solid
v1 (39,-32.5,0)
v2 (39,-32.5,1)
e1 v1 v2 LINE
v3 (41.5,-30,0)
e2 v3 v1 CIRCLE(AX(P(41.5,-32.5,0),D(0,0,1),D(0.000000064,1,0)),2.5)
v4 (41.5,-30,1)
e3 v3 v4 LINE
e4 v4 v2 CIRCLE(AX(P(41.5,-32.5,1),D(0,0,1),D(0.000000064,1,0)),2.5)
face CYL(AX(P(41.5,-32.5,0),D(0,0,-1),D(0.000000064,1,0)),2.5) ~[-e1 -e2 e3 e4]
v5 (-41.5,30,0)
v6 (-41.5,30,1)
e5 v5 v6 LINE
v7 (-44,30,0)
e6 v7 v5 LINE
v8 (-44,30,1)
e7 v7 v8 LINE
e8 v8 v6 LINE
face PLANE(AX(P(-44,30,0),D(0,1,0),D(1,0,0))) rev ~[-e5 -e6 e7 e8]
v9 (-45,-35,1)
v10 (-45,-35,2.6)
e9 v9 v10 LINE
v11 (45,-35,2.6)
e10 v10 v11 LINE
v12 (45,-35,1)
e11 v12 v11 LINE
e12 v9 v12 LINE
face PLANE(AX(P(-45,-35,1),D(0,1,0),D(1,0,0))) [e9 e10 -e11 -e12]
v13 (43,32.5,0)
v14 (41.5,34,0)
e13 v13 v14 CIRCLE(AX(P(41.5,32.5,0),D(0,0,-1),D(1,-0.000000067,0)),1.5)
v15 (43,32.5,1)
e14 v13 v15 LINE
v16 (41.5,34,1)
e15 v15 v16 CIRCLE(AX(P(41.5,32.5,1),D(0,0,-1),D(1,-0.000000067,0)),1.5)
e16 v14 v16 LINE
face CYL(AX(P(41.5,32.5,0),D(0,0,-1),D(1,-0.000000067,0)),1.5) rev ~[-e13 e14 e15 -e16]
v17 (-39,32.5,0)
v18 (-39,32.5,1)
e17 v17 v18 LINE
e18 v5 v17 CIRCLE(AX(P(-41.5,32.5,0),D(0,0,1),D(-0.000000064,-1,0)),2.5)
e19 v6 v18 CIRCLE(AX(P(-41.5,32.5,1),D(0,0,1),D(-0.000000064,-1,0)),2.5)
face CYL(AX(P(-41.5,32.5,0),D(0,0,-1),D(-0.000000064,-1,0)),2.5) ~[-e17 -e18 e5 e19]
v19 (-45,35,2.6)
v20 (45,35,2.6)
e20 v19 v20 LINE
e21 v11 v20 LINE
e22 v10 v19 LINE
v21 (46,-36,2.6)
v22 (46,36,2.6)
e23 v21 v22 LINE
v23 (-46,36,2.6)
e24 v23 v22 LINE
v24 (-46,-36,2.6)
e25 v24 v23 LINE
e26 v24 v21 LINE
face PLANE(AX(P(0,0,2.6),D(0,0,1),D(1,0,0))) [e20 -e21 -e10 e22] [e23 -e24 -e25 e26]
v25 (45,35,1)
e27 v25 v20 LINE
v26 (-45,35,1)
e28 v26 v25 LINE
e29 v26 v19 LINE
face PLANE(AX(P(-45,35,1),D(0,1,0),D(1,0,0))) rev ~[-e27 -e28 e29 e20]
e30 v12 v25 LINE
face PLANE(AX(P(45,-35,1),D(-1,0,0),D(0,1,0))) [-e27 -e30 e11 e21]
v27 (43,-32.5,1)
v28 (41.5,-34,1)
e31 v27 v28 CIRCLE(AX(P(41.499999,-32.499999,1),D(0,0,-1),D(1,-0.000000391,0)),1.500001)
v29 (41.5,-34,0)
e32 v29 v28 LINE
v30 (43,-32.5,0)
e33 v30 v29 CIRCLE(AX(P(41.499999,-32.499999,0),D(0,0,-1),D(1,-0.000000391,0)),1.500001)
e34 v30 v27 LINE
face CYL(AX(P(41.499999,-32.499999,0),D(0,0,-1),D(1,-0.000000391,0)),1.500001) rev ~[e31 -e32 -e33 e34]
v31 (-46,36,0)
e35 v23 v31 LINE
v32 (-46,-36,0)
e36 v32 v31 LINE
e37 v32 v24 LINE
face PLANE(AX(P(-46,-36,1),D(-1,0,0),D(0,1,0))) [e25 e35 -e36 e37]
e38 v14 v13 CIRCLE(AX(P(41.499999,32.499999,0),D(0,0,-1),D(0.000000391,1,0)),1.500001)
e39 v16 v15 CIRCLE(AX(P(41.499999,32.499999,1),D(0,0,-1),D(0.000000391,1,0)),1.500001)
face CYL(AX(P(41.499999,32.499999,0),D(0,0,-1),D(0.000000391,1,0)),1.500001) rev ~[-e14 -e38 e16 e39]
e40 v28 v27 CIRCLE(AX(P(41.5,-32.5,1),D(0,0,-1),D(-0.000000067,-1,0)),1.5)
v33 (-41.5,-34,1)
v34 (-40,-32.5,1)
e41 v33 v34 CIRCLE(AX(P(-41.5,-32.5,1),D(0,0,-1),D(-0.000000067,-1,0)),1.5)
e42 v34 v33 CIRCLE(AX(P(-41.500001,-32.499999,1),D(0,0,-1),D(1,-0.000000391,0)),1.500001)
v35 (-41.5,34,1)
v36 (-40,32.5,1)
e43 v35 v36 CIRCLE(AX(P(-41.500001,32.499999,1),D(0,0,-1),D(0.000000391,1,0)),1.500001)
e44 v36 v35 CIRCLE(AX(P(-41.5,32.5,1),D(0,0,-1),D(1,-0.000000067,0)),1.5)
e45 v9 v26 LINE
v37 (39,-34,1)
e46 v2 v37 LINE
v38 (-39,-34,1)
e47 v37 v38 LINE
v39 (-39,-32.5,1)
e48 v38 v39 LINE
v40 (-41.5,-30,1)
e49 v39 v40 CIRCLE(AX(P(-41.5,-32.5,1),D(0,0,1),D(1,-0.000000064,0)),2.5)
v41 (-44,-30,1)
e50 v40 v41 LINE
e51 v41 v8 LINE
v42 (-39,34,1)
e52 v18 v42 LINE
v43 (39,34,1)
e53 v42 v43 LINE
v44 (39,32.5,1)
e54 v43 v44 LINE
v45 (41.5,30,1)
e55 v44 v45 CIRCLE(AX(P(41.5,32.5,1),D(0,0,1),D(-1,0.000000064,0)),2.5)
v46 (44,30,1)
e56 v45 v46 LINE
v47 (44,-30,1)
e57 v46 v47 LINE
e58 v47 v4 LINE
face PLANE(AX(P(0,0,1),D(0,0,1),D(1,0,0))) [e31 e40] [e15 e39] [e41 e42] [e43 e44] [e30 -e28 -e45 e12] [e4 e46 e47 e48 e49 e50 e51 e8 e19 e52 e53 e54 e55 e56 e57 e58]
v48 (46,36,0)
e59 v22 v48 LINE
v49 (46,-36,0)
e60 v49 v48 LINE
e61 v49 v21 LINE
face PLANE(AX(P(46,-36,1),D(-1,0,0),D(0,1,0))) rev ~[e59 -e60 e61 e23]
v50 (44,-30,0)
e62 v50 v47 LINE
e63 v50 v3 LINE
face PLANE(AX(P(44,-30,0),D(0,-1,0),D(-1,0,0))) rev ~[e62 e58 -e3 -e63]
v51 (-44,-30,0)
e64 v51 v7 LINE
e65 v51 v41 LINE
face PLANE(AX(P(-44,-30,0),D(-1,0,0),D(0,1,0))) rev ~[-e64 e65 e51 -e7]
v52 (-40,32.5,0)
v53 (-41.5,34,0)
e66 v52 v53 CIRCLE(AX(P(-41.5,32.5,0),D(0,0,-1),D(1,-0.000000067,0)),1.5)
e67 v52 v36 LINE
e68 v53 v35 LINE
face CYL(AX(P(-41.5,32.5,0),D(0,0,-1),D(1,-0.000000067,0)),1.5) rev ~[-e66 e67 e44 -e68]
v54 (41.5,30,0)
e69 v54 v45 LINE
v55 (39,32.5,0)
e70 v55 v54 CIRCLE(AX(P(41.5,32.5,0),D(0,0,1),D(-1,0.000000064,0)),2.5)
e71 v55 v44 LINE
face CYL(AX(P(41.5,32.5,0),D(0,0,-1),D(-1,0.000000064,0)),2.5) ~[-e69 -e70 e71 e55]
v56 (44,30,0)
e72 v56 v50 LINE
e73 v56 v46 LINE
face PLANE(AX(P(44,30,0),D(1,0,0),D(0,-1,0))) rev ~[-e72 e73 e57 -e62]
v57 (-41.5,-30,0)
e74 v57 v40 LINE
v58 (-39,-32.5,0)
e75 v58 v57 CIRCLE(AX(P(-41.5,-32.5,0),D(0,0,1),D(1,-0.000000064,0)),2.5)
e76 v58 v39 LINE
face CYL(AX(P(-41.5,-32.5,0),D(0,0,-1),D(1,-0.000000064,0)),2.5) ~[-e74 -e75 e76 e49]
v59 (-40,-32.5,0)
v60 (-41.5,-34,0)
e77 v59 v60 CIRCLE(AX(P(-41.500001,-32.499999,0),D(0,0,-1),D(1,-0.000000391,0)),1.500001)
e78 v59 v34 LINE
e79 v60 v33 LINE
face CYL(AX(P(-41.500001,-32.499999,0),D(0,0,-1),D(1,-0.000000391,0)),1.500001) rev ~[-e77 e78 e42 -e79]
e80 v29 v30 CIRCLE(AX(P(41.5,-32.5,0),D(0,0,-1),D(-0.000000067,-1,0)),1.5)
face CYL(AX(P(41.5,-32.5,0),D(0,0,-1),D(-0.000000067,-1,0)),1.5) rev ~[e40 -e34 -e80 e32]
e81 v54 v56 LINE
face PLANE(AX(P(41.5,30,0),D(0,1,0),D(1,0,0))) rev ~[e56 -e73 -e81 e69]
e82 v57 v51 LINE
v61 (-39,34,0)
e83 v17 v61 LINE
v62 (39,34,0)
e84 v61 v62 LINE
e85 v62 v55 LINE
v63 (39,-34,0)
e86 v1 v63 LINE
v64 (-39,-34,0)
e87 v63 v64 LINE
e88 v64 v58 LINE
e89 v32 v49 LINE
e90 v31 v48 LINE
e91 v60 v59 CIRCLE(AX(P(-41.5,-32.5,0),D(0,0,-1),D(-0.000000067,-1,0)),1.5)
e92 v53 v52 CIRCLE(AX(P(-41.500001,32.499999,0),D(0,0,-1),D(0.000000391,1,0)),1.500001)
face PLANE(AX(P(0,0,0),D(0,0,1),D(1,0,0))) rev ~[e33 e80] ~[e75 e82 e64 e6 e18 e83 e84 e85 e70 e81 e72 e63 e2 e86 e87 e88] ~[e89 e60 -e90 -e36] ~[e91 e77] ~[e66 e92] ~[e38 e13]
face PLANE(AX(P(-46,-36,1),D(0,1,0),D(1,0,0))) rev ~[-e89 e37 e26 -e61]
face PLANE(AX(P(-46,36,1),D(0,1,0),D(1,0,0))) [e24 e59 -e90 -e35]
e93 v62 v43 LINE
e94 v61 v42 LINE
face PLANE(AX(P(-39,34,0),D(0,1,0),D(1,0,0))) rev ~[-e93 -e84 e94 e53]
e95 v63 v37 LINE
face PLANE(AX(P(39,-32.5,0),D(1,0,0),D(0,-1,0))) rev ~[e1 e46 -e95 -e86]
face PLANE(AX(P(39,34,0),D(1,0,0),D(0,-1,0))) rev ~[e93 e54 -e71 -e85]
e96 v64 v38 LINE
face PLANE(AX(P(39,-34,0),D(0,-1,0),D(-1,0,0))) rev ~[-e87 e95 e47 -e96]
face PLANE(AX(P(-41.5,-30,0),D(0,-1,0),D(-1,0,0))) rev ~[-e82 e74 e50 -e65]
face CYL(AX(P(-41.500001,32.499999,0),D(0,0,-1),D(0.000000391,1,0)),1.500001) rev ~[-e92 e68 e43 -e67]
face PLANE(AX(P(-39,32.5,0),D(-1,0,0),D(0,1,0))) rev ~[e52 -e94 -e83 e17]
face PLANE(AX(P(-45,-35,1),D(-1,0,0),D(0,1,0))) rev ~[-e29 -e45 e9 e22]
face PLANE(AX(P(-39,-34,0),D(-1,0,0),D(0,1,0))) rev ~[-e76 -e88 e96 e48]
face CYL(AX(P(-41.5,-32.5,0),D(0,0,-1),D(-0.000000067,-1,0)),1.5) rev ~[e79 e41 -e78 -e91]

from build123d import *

# Parameters (mm, degrees)
F0_W     = 92
F0_H     = 72
F1_DEPTH = 1
F2_W     = 92
F2_H     = 72
F2_W_2   = 90
F2_H_2   = 70
F3_DEPTH = 1.6


with BuildPart() as f1:
    # F0 (on Top) → F1 (new body)
    with BuildSketch(Plane.XY):
        Rectangle(F0_W, F0_H)
        Polygon((-41.5, 34), (-39, 34), (39, 34), (41.5, 34), (44, 34), (44, 30), (44, -30), (44, -34), (41.5, -34), (39, -34), (-39, -34), (-41.5, -34), (-44, -34), (-44, -30), (-44, 30), (-44, 34), align=None, mode=Mode.SUBTRACT)
        with BuildLine():
            Line((41.5, 34), (39, 34))
            Line((39, 34), (39, 32.5))
            ThreePointArc((39, 32.5), (39.732233, 30.732233), (41.5, 30))
            Line((41.5, 30), (44, 30))
            Line((44, 30), (44, 34))
            Line((44, 34), (41.5, 34))
        make_face()
        with BuildLine():
            ThreePointArc((43, 32.5), (40.43934, 31.43934), (41.5, 34))
            ThreePointArc((41.5, 34), (42.56066, 33.56066), (43, 32.5))
        make_face(mode=Mode.SUBTRACT)
        with BuildLine():
            Line((44, -34), (44, -30))
            Line((44, -30), (41.5, -30))
            ThreePointArc((41.5, -30), (39.732233, -30.732233), (39, -32.5))
            Line((39, -32.5), (39, -34))
            Line((39, -34), (41.5, -34))
            Line((41.5, -34), (44, -34))
        make_face()
        with BuildLine():
            ThreePointArc((43, -32.5), (42.56066, -33.56066), (41.5, -34))
            ThreePointArc((41.5, -34), (40.43934, -31.43934), (43, -32.5))
        make_face(mode=Mode.SUBTRACT)
        with BuildLine():
            Line((-41.5, -30), (-44, -30))
            Line((-44, -30), (-44, -34))
            Line((-44, -34), (-41.5, -34))
            Line((-41.5, -34), (-39, -34))
            Line((-39, -34), (-39, -32.5))
            ThreePointArc((-39, -32.5), (-39.732233, -30.732233), (-41.5, -30))
        make_face()
        with BuildLine():
            ThreePointArc((-40, -32.5), (-40.43934, -33.56066), (-41.5, -34))
            ThreePointArc((-41.5, -34), (-42.56066, -31.43934), (-40, -32.5))
        make_face(mode=Mode.SUBTRACT)
        with BuildLine():
            Line((-39, 32.5), (-39, 34))
            Line((-39, 34), (-41.5, 34))
            Line((-41.5, 34), (-44, 34))
            Line((-44, 34), (-44, 30))
            Line((-44, 30), (-41.5, 30))
            ThreePointArc((-41.5, 30), (-39.732233, 30.732233), (-39, 32.5))
        make_face()
        with BuildLine():
            ThreePointArc((-40, 32.5), (-42.56066, 31.43934), (-41.5, 34))
            ThreePointArc((-41.5, 34), (-40.43934, 33.56066), (-40, 32.5))
        make_face(mode=Mode.SUBTRACT)
    extrude(amount=F1_DEPTH)

    # F2 (on face) → F3 (join)
    with BuildSketch(Plane.XY.offset(1)):
        Rectangle(F2_W, F2_H)
        Rectangle(F2_W_2, F2_H_2, mode=Mode.SUBTRACT)
    extrude(amount=F3_DEPTH)


solid = f1.part
